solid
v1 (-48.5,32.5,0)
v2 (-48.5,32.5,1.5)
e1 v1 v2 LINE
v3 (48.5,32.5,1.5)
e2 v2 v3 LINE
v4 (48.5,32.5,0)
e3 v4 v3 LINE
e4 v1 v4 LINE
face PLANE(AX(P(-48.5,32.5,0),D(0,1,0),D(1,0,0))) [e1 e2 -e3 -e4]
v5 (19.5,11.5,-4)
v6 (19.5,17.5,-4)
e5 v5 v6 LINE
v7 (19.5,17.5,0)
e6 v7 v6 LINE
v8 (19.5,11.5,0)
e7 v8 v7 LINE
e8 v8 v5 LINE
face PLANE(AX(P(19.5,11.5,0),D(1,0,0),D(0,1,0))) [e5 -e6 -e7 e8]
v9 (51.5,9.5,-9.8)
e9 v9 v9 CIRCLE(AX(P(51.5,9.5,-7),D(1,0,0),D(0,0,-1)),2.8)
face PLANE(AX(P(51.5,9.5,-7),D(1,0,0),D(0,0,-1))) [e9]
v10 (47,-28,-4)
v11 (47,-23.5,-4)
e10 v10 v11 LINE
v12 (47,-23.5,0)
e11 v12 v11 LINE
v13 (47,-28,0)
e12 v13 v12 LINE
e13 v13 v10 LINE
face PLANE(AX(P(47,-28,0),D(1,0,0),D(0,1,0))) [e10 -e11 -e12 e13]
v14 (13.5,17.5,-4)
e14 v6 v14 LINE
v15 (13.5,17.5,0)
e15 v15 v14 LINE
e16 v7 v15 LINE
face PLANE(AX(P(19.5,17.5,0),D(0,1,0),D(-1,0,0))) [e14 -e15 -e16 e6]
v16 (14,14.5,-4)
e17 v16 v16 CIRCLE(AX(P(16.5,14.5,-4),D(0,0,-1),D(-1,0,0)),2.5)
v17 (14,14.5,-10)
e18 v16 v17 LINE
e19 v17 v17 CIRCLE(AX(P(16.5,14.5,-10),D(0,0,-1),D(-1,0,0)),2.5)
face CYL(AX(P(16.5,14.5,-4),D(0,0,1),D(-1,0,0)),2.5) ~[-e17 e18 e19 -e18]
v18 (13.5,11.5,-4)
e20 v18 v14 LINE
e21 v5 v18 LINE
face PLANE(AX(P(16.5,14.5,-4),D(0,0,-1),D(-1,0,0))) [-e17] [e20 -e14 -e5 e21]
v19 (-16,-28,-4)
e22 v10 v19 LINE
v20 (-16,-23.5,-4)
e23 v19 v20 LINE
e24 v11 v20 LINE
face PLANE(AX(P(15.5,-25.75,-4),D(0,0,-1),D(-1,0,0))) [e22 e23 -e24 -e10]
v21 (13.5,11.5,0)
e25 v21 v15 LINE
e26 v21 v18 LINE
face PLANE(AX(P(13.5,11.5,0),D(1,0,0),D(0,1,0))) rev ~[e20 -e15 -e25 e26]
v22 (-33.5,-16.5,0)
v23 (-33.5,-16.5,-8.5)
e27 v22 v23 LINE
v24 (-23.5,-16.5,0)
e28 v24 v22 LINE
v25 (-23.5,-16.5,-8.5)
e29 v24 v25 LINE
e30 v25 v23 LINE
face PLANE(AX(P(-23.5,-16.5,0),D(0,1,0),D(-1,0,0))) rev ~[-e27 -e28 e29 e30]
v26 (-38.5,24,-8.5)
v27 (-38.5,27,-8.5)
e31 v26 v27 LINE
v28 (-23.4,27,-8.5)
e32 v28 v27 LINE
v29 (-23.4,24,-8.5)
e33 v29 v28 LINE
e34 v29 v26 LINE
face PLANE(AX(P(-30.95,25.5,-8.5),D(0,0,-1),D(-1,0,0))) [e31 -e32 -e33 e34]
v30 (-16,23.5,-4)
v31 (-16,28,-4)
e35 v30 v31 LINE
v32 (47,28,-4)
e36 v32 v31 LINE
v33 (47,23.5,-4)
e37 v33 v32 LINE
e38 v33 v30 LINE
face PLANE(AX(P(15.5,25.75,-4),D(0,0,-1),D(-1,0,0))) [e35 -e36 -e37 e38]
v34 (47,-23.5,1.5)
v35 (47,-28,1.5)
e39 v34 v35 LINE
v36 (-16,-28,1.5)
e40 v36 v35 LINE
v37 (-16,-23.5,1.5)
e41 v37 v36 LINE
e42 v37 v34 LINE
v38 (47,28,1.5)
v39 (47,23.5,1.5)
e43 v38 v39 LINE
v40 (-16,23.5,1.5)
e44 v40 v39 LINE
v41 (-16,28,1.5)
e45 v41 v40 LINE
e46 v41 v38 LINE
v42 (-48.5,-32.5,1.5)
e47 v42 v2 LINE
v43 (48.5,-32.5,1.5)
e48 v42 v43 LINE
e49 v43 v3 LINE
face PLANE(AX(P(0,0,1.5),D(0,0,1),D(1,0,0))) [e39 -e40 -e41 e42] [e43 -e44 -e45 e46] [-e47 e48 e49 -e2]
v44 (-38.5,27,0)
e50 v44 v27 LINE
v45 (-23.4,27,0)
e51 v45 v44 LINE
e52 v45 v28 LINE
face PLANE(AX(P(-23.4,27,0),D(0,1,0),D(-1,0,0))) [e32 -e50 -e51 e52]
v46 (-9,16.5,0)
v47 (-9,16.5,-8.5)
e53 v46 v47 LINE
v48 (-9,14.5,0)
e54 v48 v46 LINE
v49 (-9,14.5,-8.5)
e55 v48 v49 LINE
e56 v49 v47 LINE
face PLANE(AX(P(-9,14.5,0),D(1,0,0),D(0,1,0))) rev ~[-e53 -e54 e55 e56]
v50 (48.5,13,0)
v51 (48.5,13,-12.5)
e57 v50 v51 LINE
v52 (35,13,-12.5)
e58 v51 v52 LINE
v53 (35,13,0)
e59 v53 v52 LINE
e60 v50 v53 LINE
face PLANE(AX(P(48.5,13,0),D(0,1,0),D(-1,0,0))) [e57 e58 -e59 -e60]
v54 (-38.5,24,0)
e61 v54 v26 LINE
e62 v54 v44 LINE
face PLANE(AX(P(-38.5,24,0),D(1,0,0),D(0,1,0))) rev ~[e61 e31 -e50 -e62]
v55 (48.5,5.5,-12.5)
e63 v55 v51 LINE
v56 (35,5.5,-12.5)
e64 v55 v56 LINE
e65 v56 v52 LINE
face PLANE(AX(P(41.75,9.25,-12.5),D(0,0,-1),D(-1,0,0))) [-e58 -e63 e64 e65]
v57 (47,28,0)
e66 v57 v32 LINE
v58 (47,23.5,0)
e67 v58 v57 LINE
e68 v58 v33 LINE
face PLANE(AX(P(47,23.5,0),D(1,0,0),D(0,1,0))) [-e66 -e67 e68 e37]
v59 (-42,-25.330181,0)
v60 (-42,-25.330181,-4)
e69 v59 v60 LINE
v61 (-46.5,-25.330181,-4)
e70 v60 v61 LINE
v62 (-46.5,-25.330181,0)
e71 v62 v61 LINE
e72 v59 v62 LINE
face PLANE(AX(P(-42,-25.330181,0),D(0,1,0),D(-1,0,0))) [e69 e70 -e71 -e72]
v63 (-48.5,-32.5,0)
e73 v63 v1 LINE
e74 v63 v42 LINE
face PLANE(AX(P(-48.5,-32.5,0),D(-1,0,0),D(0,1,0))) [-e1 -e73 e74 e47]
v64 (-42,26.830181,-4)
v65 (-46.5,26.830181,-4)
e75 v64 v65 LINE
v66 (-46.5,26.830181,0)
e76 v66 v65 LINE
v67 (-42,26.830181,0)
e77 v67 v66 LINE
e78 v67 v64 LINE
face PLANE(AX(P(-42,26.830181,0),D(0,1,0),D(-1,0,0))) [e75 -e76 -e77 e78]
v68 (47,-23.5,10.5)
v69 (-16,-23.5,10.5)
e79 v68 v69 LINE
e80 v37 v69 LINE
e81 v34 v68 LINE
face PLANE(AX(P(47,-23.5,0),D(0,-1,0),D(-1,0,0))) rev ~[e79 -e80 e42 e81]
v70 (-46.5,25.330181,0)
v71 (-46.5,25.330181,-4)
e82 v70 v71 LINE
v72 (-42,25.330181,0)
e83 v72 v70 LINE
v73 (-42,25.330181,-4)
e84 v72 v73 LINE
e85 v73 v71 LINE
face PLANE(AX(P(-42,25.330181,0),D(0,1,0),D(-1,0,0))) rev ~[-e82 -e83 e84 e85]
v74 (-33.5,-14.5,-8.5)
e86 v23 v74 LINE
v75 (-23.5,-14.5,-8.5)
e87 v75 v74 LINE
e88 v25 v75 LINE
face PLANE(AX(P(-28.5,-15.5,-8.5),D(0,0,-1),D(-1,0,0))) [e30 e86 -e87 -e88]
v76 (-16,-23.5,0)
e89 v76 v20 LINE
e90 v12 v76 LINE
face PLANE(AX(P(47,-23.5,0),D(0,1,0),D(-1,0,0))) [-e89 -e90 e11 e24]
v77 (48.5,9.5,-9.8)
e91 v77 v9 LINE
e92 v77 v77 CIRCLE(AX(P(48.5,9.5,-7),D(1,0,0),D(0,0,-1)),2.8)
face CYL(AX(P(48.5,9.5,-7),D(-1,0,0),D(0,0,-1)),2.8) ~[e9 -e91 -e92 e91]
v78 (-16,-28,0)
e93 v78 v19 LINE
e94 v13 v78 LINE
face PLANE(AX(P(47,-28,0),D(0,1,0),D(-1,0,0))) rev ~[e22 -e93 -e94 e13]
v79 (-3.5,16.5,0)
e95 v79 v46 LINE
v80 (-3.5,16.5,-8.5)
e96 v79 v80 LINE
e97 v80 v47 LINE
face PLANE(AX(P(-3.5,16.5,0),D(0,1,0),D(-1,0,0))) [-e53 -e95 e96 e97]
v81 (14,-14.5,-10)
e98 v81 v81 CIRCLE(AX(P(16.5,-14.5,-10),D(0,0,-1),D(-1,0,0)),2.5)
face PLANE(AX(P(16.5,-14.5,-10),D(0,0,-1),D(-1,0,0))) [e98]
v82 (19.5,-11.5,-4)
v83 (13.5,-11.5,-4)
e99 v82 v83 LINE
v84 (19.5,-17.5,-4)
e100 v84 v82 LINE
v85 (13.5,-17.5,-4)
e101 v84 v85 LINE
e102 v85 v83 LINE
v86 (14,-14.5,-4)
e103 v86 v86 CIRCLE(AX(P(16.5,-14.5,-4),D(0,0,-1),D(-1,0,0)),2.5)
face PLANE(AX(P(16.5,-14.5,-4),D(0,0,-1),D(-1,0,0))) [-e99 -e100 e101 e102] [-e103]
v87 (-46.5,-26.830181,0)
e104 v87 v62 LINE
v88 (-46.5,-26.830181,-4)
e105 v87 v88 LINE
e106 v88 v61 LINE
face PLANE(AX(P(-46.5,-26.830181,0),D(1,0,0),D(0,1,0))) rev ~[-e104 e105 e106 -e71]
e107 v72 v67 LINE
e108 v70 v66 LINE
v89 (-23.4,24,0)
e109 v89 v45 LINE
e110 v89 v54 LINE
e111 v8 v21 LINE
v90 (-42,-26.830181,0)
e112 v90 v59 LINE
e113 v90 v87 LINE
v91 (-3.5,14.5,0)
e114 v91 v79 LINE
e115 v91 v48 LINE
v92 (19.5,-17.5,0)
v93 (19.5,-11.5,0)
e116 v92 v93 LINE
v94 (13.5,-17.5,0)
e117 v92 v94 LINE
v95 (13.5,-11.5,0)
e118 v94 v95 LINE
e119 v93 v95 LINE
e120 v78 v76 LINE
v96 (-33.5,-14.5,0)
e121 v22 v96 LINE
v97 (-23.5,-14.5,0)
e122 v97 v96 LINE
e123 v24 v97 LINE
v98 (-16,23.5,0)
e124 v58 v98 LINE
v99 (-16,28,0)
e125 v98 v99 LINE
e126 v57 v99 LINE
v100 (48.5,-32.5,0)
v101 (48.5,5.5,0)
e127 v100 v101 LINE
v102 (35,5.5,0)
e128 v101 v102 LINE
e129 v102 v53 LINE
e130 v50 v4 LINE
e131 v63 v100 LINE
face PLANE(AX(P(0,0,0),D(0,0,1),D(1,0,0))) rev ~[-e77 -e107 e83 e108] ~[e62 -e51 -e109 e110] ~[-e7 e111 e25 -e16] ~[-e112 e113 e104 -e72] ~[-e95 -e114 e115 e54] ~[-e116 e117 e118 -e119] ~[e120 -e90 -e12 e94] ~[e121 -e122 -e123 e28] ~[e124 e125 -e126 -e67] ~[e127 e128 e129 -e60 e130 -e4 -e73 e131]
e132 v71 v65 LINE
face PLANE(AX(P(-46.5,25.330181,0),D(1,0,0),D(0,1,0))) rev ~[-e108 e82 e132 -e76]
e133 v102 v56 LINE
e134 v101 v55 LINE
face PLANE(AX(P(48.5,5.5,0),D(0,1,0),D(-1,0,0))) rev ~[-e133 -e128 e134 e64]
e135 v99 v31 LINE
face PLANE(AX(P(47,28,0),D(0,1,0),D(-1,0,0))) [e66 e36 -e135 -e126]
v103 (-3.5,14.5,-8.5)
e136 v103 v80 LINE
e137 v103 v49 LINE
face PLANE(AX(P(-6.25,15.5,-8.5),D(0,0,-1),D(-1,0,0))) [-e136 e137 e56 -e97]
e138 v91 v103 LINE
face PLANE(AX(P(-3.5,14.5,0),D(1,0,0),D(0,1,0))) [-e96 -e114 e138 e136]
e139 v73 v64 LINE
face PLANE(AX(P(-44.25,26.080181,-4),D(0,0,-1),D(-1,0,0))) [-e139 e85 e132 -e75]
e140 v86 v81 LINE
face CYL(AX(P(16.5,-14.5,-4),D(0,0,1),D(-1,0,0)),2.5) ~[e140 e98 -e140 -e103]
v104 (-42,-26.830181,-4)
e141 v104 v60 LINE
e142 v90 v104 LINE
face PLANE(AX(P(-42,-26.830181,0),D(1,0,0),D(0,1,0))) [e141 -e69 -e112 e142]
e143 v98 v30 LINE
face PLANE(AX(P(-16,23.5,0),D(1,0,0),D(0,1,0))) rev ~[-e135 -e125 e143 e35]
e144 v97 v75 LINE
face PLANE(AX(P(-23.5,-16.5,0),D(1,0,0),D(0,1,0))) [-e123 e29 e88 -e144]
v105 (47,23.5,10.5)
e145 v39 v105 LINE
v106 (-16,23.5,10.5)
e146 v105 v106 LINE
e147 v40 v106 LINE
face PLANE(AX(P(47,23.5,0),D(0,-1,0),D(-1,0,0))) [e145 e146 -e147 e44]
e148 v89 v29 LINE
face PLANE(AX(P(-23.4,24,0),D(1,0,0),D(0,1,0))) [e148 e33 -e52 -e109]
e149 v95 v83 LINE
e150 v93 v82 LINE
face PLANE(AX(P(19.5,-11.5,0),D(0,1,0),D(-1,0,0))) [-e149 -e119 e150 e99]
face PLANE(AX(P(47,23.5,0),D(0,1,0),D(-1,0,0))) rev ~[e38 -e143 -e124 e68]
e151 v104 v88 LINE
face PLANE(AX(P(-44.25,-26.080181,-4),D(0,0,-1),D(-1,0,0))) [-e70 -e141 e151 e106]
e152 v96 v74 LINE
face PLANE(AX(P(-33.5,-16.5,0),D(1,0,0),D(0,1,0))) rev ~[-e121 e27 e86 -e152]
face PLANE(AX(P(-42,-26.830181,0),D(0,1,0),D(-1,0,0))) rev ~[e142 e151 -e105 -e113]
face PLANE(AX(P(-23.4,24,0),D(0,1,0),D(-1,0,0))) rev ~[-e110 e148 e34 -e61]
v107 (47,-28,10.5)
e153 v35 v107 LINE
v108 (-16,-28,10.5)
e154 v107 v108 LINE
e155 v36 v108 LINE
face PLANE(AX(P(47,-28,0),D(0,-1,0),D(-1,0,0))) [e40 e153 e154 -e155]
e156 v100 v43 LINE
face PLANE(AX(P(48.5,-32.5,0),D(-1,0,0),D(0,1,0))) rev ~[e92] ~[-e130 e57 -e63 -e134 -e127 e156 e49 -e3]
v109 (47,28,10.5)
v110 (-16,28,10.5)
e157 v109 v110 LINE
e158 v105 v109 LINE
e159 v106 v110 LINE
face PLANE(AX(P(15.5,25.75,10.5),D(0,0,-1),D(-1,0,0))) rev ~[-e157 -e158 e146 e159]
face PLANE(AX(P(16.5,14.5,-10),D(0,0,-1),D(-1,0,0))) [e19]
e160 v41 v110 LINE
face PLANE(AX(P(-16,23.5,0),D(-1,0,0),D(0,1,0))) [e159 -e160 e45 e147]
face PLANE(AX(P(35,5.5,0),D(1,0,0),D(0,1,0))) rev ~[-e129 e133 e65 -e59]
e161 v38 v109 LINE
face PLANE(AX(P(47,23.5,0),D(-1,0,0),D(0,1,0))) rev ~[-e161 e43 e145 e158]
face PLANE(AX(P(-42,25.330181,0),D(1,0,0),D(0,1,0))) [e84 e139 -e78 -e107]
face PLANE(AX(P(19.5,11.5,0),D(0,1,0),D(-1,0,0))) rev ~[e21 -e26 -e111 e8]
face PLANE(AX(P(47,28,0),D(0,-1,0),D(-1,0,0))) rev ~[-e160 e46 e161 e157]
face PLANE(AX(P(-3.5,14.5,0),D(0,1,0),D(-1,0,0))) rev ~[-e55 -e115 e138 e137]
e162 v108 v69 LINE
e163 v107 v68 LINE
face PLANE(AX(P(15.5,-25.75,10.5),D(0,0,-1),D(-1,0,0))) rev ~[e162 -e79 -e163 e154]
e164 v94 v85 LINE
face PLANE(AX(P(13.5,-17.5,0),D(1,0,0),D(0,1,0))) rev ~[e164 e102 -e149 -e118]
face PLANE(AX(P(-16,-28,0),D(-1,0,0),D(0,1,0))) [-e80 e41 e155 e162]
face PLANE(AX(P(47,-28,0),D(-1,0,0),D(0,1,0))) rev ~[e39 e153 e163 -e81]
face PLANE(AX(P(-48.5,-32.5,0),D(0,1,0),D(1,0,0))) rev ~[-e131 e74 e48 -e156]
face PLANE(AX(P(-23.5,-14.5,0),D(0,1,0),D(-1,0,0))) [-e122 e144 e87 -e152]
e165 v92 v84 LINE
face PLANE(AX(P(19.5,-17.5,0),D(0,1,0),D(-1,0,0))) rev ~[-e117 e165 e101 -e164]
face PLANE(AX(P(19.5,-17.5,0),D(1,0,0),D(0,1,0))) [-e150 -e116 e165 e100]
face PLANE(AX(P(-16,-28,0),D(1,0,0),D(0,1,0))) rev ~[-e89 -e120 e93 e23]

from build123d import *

# Parameters (mm, degrees)
SKETCH1_W                = 97
SKETCH1_H                = 65
BOSS_EXTRUDE1_DEPTH      = 1.5
SKETCH2_W                = 63
SKETCH2_H                = 4.5
BOSS_EXTRUDE2_DEPTH      = 4
BOSS_EXTRUDE2_DEPTH_BACK = 10.5
SKETCH3_W                = 13.5
SKETCH3_H                = 7.5
BOSS_EXTRUDE3_DEPTH      = 12.5
SKETCH4_R                = 2.8
BOSS_EXTRUDE4_DEPTH      = 3
SKETCH5_W                = 4.5
SKETCH5_H                = 1.5
BOSS_EXTRUDE5_DEPTH      = 4
SKETCH6_W                = 15.1
SKETCH6_H                = 3
BOSS_EXTRUDE6_DEPTH      = 8.5
SKETCH7_W                = 10
SKETCH7_H                = 2
BOSS_EXTRUDE7_DEPTH      = 8.5
SKETCH8_W                = 5.5
SKETCH8_H                = 2
BOSS_EXTRUDE8_DEPTH      = 8.5
SKETCH9_W                = 6
SKETCH9_H                = 6
BOSS_EXTRUDE9_DEPTH      = 4
SKETCH10_R               = 2.5
BOSS_EXTRUDE10_DEPTH     = 6
SKETCH13_R               = 2.5
BOSS_EXTRUDE11_DEPTH     = 6


with BuildPart() as part:
    # Sketch1 → Boss-Extrude1 (new body)
    with BuildSketch(Plane.XY):
        Rectangle(SKETCH1_W, SKETCH1_H)
    extrude(amount=BOSS_EXTRUDE1_DEPTH)

    # Sketch2 → Boss-Extrude2 (add, two sides)
    with BuildSketch(Plane(origin=(0, 0, 0), x_dir=(-1, 0, 0), z_dir=(0, 0, -1))) as boss_extrude2_sk:
        with Locations((-15.5, 25.75)):
            Rectangle(SKETCH2_W, SKETCH2_H)
        with Locations((-15.5, -25.75)):
            Rectangle(SKETCH2_W, SKETCH2_H)
    extrude(amount=BOSS_EXTRUDE2_DEPTH)
    extrude(boss_extrude2_sk.sketch, amount=-BOSS_EXTRUDE2_DEPTH_BACK)

    # Sketch3 → Boss-Extrude3 (add)
    with BuildSketch(Plane(origin=(0, 0, 0), x_dir=(-1, 0, 0), z_dir=(0, 0, -1))):
        with Locations((-41.75, 9.25)):
            Rectangle(SKETCH3_W, SKETCH3_H)
    extrude(amount=BOSS_EXTRUDE3_DEPTH)

    # Sketch4 → Boss-Extrude4 (add)
    with BuildSketch(Plane(origin=(48.5, 0, 0), x_dir=(0, 0, -1), z_dir=(1, 0, 0))):
        with Locations((7, 9.5)):
            Circle(SKETCH4_R)
    extrude(amount=BOSS_EXTRUDE4_DEPTH)

    # Sketch5 → Boss-Extrude5 (add)
    with BuildSketch(Plane(origin=(0, 0, 0), x_dir=(-1, 0, 0), z_dir=(0, 0, -1))):
        with Locations((44.25, -26.080181332)):
            Rectangle(SKETCH5_W, SKETCH5_H)
        with Locations((44.25, 26.080181332)):
            Rectangle(SKETCH5_W, SKETCH5_H)
    extrude(amount=BOSS_EXTRUDE5_DEPTH)

    # Sketch6 → Boss-Extrude6 (add)
    with BuildSketch(Plane(origin=(0, 0, 0), x_dir=(-1, 0, 0), z_dir=(0, 0, -1))):
        with Locations((30.95, 25.5)):
            Rectangle(SKETCH6_W, SKETCH6_H)
    extrude(amount=BOSS_EXTRUDE6_DEPTH)

    # Sketch7 → Boss-Extrude7 (add)
    with BuildSketch(Plane(origin=(0, 0, 0), x_dir=(-1, 0, 0), z_dir=(0, 0, -1))):
        with Locations((28.5, -15.5)):
            Rectangle(SKETCH7_W, SKETCH7_H)
    extrude(amount=BOSS_EXTRUDE7_DEPTH)

    # Sketch8 → Boss-Extrude8 (add)
    with BuildSketch(Plane(origin=(0, 0, 0), x_dir=(-1, 0, 0), z_dir=(0, 0, -1))):
        with Locations((6.25, 15.5)):
            Rectangle(SKETCH8_W, SKETCH8_H)
    extrude(amount=BOSS_EXTRUDE8_DEPTH)

    # Sketch9 → Boss-Extrude9 (add)
    with BuildSketch(Plane(origin=(0, 0, 0), x_dir=(-1, 0, 0), z_dir=(0, 0, -1))):
        with Locations((-16.5, -14.5)):
            Rectangle(SKETCH9_W, SKETCH9_H)
        with Locations((-16.5, 14.5)):
            Rectangle(SKETCH9_W, SKETCH9_H)
    extrude(amount=BOSS_EXTRUDE9_DEPTH)

    # Sketch10 → Boss-Extrude10 (add)
    with BuildSketch(Plane(origin=(0, 0, -4), x_dir=(-1, 0, 0), z_dir=(0, 0, -1))):
        with Locations((-16.5, 14.5)):
            Circle(SKETCH10_R)
    extrude(amount=BOSS_EXTRUDE10_DEPTH)

    # Sketch13 → Boss-Extrude11 (add)
    with BuildSketch(Plane(origin=(0, 0, -4), x_dir=(-1, 0, 0), z_dir=(0, 0, -1))):
        with Locations((-16.5, -14.5)):
            Circle(SKETCH13_R)
    extrude(amount=BOSS_EXTRUDE11_DEPTH)


solid = part.part
